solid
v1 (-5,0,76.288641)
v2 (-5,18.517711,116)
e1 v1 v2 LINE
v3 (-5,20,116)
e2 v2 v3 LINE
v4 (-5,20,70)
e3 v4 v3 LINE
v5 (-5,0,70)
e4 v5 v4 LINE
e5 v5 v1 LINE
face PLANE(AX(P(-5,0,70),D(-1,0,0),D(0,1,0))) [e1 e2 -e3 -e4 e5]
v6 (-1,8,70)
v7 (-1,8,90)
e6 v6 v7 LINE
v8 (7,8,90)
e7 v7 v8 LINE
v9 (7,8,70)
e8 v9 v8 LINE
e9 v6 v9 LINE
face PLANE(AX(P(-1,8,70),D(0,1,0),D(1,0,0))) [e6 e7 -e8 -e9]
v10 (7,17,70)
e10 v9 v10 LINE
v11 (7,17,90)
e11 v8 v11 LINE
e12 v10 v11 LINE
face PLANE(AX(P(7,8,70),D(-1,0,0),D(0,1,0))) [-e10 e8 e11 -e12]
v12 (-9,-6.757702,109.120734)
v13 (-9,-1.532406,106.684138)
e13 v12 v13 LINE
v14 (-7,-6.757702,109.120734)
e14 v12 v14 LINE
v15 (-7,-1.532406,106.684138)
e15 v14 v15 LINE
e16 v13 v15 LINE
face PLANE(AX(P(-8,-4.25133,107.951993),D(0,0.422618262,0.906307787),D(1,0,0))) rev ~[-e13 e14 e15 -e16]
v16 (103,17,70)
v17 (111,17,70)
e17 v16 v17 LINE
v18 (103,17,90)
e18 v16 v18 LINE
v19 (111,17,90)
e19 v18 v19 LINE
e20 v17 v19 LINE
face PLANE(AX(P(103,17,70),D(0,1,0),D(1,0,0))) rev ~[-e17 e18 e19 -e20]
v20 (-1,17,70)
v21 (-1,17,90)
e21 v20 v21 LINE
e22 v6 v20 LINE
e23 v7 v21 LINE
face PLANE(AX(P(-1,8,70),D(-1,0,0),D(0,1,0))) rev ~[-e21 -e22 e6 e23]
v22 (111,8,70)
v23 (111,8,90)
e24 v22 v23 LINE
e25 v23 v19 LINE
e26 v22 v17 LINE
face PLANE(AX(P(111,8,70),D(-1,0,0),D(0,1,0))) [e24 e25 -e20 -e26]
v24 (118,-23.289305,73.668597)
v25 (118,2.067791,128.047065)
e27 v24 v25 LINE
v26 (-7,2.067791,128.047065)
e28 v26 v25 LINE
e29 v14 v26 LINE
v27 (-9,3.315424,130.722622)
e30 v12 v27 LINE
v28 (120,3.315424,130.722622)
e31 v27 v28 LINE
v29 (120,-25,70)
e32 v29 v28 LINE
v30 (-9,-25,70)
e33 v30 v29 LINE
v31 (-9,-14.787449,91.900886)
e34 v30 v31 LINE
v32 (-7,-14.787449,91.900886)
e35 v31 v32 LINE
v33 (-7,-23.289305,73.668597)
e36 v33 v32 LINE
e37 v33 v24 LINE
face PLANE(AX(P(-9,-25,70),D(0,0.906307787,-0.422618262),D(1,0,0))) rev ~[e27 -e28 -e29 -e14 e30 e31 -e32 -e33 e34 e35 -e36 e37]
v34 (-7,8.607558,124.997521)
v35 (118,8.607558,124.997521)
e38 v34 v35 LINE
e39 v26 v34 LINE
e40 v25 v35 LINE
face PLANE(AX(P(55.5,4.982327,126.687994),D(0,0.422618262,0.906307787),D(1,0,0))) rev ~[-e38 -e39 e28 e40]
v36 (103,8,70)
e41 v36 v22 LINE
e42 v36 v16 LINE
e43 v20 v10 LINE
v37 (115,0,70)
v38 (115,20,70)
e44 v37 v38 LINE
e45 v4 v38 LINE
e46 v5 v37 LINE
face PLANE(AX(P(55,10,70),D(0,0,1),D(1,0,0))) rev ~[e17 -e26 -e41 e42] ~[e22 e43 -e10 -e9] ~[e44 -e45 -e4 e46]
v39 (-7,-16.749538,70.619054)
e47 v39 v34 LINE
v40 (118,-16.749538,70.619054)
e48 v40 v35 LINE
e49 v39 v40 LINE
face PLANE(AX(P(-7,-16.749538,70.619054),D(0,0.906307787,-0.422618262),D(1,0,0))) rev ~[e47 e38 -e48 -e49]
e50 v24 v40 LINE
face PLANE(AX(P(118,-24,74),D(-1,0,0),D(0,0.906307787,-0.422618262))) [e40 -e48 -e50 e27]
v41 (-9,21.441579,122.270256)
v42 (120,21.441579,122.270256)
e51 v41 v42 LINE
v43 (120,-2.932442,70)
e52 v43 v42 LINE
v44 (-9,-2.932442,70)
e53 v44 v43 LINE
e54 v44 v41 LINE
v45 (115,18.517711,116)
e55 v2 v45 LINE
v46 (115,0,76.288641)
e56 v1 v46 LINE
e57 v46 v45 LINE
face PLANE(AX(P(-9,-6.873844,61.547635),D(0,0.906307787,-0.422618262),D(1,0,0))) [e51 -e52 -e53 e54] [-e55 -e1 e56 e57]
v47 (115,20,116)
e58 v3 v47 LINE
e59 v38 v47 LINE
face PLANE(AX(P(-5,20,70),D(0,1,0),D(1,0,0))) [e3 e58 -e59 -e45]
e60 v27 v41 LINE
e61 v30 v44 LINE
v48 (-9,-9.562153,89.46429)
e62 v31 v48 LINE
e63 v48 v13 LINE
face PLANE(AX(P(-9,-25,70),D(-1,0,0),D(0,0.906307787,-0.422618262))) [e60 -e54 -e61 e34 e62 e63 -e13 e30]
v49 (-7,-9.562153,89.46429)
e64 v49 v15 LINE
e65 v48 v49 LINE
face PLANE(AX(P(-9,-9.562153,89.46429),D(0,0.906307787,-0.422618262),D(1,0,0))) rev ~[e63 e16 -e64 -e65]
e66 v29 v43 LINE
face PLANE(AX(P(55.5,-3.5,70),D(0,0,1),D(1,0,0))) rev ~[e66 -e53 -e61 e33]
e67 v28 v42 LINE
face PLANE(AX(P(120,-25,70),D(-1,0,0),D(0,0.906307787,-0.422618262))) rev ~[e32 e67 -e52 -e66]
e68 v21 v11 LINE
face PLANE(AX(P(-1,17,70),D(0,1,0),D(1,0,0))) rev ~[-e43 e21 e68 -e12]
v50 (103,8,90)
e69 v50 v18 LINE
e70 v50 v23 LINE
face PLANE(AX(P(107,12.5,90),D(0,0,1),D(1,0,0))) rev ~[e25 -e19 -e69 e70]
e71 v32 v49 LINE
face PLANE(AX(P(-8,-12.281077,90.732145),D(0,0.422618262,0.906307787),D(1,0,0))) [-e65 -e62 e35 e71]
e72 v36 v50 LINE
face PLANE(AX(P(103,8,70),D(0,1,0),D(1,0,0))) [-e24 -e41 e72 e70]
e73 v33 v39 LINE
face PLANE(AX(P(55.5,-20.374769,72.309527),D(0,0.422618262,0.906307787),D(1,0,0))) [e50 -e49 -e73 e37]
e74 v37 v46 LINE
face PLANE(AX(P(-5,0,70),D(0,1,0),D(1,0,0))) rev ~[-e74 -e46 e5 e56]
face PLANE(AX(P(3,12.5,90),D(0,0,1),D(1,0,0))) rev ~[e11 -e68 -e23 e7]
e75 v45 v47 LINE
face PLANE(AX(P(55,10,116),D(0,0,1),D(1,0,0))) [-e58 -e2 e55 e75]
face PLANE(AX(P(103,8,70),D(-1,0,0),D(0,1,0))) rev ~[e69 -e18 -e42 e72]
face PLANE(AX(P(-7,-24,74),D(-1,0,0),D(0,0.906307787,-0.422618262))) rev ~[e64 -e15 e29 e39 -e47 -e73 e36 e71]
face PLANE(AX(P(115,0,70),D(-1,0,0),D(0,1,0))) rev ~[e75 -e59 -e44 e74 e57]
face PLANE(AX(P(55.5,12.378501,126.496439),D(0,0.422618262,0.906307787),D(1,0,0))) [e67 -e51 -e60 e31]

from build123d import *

# Parameters (mm, degrees)
BOX009_W               = 2
BOX009_H               = 6
BOX009_DEPTH           = 19
BOX009_PLACEMENT_ANGLE = 25
BOX005_W               = 8
BOX005_H               = 9
BOX005_DEPTH           = 20
BOX007_W               = 125
BOX007_H               = 8
BOX007_DEPTH           = 60
BOX007_PLACEMENT_ANGLE = 25
BOX008_W               = 129
BOX008_H               = 47
BOX008_DEPTH           = 10
BOX004_W               = 8
BOX004_H               = 9
BOX004_DEPTH           = 20
BOX006_W               = 120
BOX006_H               = 20
BOX006_DEPTH           = 46
BOX003_W               = 129
BOX003_H               = 20
BOX003_DEPTH           = 67
BOX003_PLACEMENT_ANGLE = 25


with BuildPart() as cube009:
    # Box009 → Box009 (new body)
    with BuildSketch(Plane.XY):
        with Locations((1, 3)):
            Rectangle(BOX009_W, BOX009_H)
    extrude(amount=BOX009_DEPTH)


with BuildPart() as cube009_1:
    # Box009 placement: moved
    add(cube009.part.moved(Location((-9, -15, 92))).rotate(Axis((-9, -15, 92), (-1, 0, 0)), BOX009_PLACEMENT_ANGLE))


with BuildPart() as cube005:
    # Box005 → Box005 (new body)
    with BuildSketch(Plane(origin=(103, 8, 70), x_dir=(1, 0, 0), z_dir=(0, 0, 1))):
        with Locations((4, 4.5)):
            Rectangle(BOX005_W, BOX005_H)
    extrude(amount=BOX005_DEPTH)


with BuildPart() as cube007:
    # Box007 → Box007 (new body)
    with BuildSketch(Plane.XY):
        with Locations((62.5, 4)):
            Rectangle(BOX007_W, BOX007_H)
    extrude(amount=BOX007_DEPTH)


with BuildPart() as cube007_1:
    # Box007 placement: moved
    add(cube007.part.moved(Location((-7, -24, 74))).rotate(Axis((-7, -24, 74), (-1, 0, 0)), BOX007_PLACEMENT_ANGLE))


with BuildPart() as cube008:
    # Box008 → Box008 (new body)
    with BuildSketch(Plane(origin=(-9, -27, 60), x_dir=(1, 0, 0), z_dir=(0, 0, 1))):
        with Locations((64.5, 23.5)):
            Rectangle(BOX008_W, BOX008_H)
    extrude(amount=BOX008_DEPTH)


with BuildPart() as fusion004:
    # Box004 → Box004 (new body)
    with BuildSketch(Plane(origin=(-1, 8, 70), x_dir=(1, 0, 0), z_dir=(0, 0, 1))):
        with Locations((4, 4.5)):
            Rectangle(BOX004_W, BOX004_H)
    extrude(amount=BOX004_DEPTH)

    # Fusion004: union Cube005, Cube007, Cube008
    add(cube005.part)
    add(cube007_1.part)
    add(cube008.part)


with BuildPart() as cube006:
    # Box006 → Box006 (new body)
    with BuildSketch(Plane(origin=(-5, 0, 70), x_dir=(1, 0, 0), z_dir=(0, 0, 1))):
        with Locations((60, 10)):
            Rectangle(BOX006_W, BOX006_H)
    extrude(amount=BOX006_DEPTH)


with BuildPart() as iphonehalterung:
    # Box003 → Box003 (new body)
    with BuildSketch(Plane.XY):
        with Locations((64.5, 10)):
            Rectangle(BOX003_W, BOX003_H)
    extrude(amount=BOX003_DEPTH)


with BuildPart() as iphonehalterung_1:
    # Box003 placement: moved
    add(iphonehalterung.part.moved(Location((-9, -25, 70))).rotate(Axis((-9, -25, 70), (-1, 0, 0)), BOX003_PLACEMENT_ANGLE))

    # Fusion003: union Cube006
    add(cube006.part)

    # Cut001: cut Fusion004
    add(fusion004.part, mode=Mode.SUBTRACT)

    # Cut002: cut Cube009
    add(cube009_1.part, mode=Mode.SUBTRACT)


solid = iphonehalterung_1.part
